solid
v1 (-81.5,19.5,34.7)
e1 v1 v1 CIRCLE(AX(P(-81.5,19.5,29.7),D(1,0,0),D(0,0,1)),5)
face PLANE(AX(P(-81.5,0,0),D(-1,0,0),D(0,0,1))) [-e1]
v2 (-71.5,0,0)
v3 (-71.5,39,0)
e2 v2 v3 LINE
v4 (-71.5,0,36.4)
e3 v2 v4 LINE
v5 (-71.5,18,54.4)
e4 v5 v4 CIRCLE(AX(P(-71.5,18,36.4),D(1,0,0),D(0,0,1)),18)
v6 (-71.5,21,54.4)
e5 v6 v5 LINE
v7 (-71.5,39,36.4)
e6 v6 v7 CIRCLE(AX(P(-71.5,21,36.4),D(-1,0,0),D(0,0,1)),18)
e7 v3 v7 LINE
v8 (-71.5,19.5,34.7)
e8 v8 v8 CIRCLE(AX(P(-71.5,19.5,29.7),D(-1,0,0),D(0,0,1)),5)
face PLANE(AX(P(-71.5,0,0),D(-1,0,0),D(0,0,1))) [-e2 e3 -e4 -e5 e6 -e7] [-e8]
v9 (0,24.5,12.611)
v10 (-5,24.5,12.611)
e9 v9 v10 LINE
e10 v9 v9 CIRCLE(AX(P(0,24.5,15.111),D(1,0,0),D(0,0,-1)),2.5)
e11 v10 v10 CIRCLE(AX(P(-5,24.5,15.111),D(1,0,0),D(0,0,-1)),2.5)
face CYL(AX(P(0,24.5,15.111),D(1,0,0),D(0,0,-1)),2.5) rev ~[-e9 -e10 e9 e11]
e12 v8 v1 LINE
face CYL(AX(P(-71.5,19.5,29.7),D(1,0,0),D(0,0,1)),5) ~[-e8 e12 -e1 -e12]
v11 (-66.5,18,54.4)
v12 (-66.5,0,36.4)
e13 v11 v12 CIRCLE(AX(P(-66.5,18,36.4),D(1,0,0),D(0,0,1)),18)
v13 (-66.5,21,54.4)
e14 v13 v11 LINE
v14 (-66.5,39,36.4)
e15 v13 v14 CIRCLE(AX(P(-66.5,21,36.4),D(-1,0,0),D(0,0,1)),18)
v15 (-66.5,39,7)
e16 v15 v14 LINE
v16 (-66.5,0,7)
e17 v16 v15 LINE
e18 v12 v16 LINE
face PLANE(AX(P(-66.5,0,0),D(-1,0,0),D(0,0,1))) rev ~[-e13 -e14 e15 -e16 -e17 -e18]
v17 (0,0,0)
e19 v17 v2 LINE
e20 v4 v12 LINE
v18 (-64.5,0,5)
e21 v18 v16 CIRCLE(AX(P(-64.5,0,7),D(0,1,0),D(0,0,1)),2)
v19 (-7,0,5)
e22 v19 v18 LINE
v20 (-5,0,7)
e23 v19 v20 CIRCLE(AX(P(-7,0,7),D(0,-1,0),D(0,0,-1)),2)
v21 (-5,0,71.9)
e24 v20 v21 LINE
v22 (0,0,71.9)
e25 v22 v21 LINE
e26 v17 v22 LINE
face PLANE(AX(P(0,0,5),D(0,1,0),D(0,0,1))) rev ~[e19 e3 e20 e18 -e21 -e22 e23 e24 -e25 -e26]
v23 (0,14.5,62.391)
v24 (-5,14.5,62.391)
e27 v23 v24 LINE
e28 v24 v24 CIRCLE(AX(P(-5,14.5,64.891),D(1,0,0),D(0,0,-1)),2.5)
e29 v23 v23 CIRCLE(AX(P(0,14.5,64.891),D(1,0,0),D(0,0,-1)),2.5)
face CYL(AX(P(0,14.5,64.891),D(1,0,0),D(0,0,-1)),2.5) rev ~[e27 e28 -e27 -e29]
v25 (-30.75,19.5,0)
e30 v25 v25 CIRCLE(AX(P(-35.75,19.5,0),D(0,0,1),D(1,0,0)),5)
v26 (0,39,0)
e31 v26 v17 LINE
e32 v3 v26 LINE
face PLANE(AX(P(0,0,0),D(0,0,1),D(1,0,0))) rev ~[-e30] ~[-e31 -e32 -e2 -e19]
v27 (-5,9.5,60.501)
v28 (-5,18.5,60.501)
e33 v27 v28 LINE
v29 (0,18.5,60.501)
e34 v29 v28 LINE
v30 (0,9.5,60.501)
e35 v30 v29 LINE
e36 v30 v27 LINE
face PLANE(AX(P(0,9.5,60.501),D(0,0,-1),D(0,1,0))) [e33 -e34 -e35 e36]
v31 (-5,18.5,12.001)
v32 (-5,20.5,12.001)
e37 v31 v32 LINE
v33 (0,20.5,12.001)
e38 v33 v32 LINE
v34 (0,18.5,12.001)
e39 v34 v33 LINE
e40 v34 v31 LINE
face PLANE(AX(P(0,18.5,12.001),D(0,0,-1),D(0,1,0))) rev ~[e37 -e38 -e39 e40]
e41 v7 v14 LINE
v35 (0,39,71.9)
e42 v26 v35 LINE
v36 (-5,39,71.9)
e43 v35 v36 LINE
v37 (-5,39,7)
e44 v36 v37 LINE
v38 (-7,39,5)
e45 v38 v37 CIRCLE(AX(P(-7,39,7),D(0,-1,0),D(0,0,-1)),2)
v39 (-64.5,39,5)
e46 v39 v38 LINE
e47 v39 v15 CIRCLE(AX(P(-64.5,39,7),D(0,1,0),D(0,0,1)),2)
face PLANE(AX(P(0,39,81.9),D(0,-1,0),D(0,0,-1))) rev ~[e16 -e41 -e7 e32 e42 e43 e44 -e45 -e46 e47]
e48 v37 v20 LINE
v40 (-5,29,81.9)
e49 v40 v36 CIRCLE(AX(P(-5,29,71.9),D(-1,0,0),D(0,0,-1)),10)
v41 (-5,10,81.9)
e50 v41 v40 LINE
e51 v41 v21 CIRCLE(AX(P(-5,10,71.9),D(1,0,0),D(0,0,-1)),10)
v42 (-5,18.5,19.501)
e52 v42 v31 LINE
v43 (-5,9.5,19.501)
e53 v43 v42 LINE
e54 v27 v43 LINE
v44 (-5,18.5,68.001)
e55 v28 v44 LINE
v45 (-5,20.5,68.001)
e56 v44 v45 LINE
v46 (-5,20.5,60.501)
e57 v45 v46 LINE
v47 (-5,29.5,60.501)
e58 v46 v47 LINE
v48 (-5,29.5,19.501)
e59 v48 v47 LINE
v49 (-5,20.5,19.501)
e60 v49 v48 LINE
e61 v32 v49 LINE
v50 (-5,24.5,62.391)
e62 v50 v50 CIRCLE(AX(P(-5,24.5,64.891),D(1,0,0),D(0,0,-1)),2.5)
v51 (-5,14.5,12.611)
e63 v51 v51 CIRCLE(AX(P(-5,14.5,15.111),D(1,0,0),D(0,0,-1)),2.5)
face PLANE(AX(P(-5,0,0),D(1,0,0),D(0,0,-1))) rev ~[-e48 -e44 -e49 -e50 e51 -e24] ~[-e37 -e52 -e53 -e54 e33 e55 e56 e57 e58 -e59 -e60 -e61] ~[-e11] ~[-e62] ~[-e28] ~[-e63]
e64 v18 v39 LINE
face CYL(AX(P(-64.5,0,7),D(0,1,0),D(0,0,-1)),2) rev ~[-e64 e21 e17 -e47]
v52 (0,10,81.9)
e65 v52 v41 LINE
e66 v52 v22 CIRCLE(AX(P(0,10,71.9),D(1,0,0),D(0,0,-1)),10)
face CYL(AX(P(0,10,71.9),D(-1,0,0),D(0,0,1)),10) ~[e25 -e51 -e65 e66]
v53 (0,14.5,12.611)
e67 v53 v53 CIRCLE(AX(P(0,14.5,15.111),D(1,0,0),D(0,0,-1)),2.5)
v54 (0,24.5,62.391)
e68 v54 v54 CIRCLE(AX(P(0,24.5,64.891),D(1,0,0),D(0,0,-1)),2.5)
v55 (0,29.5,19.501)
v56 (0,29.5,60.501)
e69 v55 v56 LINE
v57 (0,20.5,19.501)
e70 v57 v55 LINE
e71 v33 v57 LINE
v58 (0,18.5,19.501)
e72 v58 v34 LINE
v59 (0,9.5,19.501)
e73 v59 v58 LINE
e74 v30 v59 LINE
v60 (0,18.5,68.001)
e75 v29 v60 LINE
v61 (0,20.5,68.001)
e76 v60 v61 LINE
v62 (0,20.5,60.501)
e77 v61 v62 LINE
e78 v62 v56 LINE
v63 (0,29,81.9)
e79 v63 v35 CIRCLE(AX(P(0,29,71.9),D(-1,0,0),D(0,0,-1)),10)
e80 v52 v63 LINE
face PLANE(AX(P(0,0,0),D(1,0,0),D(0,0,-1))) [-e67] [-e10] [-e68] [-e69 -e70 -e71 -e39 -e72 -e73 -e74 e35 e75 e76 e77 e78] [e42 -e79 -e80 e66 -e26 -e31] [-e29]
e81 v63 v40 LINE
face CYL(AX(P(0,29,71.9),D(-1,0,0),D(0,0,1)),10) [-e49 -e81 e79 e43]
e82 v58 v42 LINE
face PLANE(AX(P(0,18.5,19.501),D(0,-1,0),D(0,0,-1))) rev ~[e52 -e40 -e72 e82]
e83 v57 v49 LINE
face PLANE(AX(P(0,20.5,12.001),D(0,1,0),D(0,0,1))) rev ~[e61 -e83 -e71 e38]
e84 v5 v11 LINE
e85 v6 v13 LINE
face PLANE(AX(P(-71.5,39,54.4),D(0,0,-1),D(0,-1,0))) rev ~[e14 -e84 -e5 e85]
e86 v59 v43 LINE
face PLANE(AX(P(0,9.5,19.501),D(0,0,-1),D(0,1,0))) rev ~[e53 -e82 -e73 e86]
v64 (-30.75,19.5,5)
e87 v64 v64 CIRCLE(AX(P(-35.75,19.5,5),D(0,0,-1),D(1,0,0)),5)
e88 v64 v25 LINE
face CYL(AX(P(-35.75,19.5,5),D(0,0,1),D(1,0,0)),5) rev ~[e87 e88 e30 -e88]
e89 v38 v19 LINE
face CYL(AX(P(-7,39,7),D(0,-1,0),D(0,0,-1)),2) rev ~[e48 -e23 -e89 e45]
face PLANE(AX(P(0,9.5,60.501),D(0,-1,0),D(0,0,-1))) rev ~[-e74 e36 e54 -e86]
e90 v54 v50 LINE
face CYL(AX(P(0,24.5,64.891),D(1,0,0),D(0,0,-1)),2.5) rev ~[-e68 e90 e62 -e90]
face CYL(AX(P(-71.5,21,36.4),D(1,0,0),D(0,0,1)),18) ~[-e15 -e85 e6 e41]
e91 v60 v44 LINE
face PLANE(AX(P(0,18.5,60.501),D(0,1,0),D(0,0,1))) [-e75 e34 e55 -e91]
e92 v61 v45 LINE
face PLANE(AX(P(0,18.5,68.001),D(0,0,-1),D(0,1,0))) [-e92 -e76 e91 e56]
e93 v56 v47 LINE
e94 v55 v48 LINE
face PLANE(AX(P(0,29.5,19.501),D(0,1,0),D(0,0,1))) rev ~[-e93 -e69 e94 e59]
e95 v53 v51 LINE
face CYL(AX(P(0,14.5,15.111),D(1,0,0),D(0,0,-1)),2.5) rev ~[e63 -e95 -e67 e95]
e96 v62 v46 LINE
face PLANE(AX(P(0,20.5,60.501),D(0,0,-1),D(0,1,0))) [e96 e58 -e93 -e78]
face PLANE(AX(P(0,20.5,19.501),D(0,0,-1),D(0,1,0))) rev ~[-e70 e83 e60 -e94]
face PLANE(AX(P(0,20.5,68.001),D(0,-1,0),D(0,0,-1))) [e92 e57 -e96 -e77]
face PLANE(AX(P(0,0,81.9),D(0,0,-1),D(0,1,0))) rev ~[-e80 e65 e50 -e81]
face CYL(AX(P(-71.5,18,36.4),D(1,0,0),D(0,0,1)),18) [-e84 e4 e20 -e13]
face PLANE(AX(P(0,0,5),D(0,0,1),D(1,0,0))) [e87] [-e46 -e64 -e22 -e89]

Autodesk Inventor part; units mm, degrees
ref_plane "YZ Plane" through (0, 0, 0) normal (1, 0, 0) x (0, 1, 0)
ref_plane "XZ Plane" through (0, 0, 0) normal (0, 1, 0) x (-1, 0, 0)
ref_plane "XY Plane" through (0, 0, 0) normal (0, 0, 1) x (1, 0, 0)
sketch "Esquisse1" plane through (0, 0, 0) normal (0, 0, 1) x (1, 0, 0)
  line L0 (0, 0) -> (-71.5, 0)
  line L1 (-71.5, 0) -> (-71.5, 39)
  line L2 (-71.5, 39) -> (0, 39)
  line L3 (0, 39) -> (0, 0)
  dimension "d0" = 71.5
  dimension "d1" = 39
extrude "Extrusion1" add sketch "Esquisse1" along normal blind 5
sketch "Esquisse2" plane through (0, 0, 5) normal (0, 0, 1) x (1, 0, 0)
  line L0 (0, 39) -> (-71.5, 39) projected
  line L1 (-71.5, 39) -> (0, 0)
  line L2 (0, 0) -> (0, 39) projected
  line L3 (-71.5, 0) -> (0, 39)
  circle A0 centre (-35.75, 19.5) radius 5
  dimension "d4" = 10
extrude "Extrusion2" cut sketch "Esquisse2" against normal blind 5 contours A0 L1 L3 | L3 L1 A0 | L1 L3 A0 | A0 L3 L1
sketch "Esquisse3" plane through (-71.5, 0, 0) normal (-1, 0, 0) x (0, 0, 1)
  line L0 (0, 39) -> (5, 39) projected
  line L1 (5, 39) -> (54.4, 39)
  line L2 (54.4, 39) -> (54.4, 0)
  line L3 (54.4, 0) -> (5, 0)
  line L4 (5, 0) -> (5, 39)
  point P0 (0, 0)
  dimension "d7" = 49.4
extrude "Extrusion3" add sketch "Esquisse3" against normal blind 5
fillet "Congé1" radius 18 1 edges at (-69, 0, 54.4)
fillet "Congé2" radius 18 1 edges at (-69, 39, 54.4)
sketch "Esquisse4" plane through (-71.5, 0, 0) normal (-1, 0, 0) x (0, 0, 1)
  line L0 (36.4, 0) -> (5, 0) projected
  line L1 (5, 0) -> (54.4, 39)
  line L2 (5, 39) -> (5, 0) projected
  line L3 (5, 39) -> (54.4, 0)
  circle A0 centre (29.7, 19.5) radius 5
  point P0 (0, 0)
  dimension "d12" = 10
extrude "Extrusion4" add sketch "Esquisse4" along normal blind 10 contours A0 L3 L1 | L1 L3 A0 | L3 A0 L1 | L1 A0 L3
sketch "Esquisse5" plane through (0, 0, 0) normal (1, 0, 0) x (0, 0, -1)
  line L0 (-5, 0) -> (-81.9, 0)
  line L1 (-81.9, 0) -> (-81.9, 39)
  line L2 (-81.9, 39) -> (-5, 39)
  line L3 (-5, 39) -> (-5, 0)
  point P0 (0, 0)
  point P1 (-36.4, 39)
  dimension "d15" = 76.9
  dimension "d16" = 39
extrude "Extrusion5" add sketch "Esquisse5" against normal blind 5
fillet "Congé3" radius 10 1 edges at (-2.5, 39, 81.9)
fillet "Congé4" radius 10 1 edges at (-2.5, 0, 81.9)
sketch "Esquisse6" plane through (0, 0, 0) normal (1, 0, 0) x (0, 0, -1)
  line L0 (-60.501, 9.5) -> (-19.501, 9.5)
  line L1 (-19.501, 29.5) -> (-60.501, 29.5)
  circle A0 centre (-15.111, 14.5) radius 2.5
  circle A1 centre (-15.111, 24.5) radius 2.5
  circle A2 centre (-64.891, 14.5) radius 2.5
  circle A3 centre (-64.891, 24.5) radius 2.5
  line L2 (-19.501, 18.5) -> (-12.001, 18.5)
  line L3 (-12.001, 18.5) -> (-12.001, 20.5)
  line L4 (-12.001, 20.5) -> (-19.501, 20.5)
  line L5 (-60.501, 18.5) -> (-68.001, 18.5)
  line L6 (-68.001, 18.5) -> (-68.001, 20.5)
  line L7 (-68.001, 20.5) -> (-60.501, 20.5)
  line L8 (-19.501, 9.5) -> (-19.501, 18.5)
  line L9 (-19.501, 20.5) -> (-19.501, 29.5)
  line L10 (-60.501, 9.5) -> (-60.501, 18.5)
  line L11 (-60.501, 20.5) -> (-60.501, 29.5)
  line L12 (0, 0) -> (-71.9, 0) projected
  line L13 (0, 39) -> (-71.9, 39) projected
  line L14 (0, 39) -> (0, 0) projected
  point P0 (-29.706, 19.5075)
  dimension "d21" = 41
  dimension "d22" = 20
  dimension "d23" = 5
  dimension "d24" = 5
  dimension "d25" = 5
  dimension "d26" = 5
  dimension "d27" = 10
  dimension "d29" = 5
  dimension "d30" = 10
  dimension "d31" = 5
  dimension "d33" = 9
  dimension "d34" = 9
  dimension "d35" = 9
  dimension "d36" = 9
  dimension "d37" = 7.5
  dimension "d38" = 7.5
  dimension "d40" = 9.5
  dimension "d41" = 9.5
  dimension "d42" = 4.39
  dimension "d43" = 4.39
  dimension "d44" = 10.205
  dimension "d49" = 29.706
  dimension "d50" = 41
  dimension "d51" = 4.39
  dimension "d52" = 4.39
extrude "Extrusion6" cut sketch "Esquisse6" against normal blind 5
fillet "Congé5" radius 2 1 edges at (-66.5, 19.5, 5)
fillet "Congé6" radius 2 1 edges at (-5, 19.5, 5)
properties part number "ShoulderPart1" material "Plastique ABS"
